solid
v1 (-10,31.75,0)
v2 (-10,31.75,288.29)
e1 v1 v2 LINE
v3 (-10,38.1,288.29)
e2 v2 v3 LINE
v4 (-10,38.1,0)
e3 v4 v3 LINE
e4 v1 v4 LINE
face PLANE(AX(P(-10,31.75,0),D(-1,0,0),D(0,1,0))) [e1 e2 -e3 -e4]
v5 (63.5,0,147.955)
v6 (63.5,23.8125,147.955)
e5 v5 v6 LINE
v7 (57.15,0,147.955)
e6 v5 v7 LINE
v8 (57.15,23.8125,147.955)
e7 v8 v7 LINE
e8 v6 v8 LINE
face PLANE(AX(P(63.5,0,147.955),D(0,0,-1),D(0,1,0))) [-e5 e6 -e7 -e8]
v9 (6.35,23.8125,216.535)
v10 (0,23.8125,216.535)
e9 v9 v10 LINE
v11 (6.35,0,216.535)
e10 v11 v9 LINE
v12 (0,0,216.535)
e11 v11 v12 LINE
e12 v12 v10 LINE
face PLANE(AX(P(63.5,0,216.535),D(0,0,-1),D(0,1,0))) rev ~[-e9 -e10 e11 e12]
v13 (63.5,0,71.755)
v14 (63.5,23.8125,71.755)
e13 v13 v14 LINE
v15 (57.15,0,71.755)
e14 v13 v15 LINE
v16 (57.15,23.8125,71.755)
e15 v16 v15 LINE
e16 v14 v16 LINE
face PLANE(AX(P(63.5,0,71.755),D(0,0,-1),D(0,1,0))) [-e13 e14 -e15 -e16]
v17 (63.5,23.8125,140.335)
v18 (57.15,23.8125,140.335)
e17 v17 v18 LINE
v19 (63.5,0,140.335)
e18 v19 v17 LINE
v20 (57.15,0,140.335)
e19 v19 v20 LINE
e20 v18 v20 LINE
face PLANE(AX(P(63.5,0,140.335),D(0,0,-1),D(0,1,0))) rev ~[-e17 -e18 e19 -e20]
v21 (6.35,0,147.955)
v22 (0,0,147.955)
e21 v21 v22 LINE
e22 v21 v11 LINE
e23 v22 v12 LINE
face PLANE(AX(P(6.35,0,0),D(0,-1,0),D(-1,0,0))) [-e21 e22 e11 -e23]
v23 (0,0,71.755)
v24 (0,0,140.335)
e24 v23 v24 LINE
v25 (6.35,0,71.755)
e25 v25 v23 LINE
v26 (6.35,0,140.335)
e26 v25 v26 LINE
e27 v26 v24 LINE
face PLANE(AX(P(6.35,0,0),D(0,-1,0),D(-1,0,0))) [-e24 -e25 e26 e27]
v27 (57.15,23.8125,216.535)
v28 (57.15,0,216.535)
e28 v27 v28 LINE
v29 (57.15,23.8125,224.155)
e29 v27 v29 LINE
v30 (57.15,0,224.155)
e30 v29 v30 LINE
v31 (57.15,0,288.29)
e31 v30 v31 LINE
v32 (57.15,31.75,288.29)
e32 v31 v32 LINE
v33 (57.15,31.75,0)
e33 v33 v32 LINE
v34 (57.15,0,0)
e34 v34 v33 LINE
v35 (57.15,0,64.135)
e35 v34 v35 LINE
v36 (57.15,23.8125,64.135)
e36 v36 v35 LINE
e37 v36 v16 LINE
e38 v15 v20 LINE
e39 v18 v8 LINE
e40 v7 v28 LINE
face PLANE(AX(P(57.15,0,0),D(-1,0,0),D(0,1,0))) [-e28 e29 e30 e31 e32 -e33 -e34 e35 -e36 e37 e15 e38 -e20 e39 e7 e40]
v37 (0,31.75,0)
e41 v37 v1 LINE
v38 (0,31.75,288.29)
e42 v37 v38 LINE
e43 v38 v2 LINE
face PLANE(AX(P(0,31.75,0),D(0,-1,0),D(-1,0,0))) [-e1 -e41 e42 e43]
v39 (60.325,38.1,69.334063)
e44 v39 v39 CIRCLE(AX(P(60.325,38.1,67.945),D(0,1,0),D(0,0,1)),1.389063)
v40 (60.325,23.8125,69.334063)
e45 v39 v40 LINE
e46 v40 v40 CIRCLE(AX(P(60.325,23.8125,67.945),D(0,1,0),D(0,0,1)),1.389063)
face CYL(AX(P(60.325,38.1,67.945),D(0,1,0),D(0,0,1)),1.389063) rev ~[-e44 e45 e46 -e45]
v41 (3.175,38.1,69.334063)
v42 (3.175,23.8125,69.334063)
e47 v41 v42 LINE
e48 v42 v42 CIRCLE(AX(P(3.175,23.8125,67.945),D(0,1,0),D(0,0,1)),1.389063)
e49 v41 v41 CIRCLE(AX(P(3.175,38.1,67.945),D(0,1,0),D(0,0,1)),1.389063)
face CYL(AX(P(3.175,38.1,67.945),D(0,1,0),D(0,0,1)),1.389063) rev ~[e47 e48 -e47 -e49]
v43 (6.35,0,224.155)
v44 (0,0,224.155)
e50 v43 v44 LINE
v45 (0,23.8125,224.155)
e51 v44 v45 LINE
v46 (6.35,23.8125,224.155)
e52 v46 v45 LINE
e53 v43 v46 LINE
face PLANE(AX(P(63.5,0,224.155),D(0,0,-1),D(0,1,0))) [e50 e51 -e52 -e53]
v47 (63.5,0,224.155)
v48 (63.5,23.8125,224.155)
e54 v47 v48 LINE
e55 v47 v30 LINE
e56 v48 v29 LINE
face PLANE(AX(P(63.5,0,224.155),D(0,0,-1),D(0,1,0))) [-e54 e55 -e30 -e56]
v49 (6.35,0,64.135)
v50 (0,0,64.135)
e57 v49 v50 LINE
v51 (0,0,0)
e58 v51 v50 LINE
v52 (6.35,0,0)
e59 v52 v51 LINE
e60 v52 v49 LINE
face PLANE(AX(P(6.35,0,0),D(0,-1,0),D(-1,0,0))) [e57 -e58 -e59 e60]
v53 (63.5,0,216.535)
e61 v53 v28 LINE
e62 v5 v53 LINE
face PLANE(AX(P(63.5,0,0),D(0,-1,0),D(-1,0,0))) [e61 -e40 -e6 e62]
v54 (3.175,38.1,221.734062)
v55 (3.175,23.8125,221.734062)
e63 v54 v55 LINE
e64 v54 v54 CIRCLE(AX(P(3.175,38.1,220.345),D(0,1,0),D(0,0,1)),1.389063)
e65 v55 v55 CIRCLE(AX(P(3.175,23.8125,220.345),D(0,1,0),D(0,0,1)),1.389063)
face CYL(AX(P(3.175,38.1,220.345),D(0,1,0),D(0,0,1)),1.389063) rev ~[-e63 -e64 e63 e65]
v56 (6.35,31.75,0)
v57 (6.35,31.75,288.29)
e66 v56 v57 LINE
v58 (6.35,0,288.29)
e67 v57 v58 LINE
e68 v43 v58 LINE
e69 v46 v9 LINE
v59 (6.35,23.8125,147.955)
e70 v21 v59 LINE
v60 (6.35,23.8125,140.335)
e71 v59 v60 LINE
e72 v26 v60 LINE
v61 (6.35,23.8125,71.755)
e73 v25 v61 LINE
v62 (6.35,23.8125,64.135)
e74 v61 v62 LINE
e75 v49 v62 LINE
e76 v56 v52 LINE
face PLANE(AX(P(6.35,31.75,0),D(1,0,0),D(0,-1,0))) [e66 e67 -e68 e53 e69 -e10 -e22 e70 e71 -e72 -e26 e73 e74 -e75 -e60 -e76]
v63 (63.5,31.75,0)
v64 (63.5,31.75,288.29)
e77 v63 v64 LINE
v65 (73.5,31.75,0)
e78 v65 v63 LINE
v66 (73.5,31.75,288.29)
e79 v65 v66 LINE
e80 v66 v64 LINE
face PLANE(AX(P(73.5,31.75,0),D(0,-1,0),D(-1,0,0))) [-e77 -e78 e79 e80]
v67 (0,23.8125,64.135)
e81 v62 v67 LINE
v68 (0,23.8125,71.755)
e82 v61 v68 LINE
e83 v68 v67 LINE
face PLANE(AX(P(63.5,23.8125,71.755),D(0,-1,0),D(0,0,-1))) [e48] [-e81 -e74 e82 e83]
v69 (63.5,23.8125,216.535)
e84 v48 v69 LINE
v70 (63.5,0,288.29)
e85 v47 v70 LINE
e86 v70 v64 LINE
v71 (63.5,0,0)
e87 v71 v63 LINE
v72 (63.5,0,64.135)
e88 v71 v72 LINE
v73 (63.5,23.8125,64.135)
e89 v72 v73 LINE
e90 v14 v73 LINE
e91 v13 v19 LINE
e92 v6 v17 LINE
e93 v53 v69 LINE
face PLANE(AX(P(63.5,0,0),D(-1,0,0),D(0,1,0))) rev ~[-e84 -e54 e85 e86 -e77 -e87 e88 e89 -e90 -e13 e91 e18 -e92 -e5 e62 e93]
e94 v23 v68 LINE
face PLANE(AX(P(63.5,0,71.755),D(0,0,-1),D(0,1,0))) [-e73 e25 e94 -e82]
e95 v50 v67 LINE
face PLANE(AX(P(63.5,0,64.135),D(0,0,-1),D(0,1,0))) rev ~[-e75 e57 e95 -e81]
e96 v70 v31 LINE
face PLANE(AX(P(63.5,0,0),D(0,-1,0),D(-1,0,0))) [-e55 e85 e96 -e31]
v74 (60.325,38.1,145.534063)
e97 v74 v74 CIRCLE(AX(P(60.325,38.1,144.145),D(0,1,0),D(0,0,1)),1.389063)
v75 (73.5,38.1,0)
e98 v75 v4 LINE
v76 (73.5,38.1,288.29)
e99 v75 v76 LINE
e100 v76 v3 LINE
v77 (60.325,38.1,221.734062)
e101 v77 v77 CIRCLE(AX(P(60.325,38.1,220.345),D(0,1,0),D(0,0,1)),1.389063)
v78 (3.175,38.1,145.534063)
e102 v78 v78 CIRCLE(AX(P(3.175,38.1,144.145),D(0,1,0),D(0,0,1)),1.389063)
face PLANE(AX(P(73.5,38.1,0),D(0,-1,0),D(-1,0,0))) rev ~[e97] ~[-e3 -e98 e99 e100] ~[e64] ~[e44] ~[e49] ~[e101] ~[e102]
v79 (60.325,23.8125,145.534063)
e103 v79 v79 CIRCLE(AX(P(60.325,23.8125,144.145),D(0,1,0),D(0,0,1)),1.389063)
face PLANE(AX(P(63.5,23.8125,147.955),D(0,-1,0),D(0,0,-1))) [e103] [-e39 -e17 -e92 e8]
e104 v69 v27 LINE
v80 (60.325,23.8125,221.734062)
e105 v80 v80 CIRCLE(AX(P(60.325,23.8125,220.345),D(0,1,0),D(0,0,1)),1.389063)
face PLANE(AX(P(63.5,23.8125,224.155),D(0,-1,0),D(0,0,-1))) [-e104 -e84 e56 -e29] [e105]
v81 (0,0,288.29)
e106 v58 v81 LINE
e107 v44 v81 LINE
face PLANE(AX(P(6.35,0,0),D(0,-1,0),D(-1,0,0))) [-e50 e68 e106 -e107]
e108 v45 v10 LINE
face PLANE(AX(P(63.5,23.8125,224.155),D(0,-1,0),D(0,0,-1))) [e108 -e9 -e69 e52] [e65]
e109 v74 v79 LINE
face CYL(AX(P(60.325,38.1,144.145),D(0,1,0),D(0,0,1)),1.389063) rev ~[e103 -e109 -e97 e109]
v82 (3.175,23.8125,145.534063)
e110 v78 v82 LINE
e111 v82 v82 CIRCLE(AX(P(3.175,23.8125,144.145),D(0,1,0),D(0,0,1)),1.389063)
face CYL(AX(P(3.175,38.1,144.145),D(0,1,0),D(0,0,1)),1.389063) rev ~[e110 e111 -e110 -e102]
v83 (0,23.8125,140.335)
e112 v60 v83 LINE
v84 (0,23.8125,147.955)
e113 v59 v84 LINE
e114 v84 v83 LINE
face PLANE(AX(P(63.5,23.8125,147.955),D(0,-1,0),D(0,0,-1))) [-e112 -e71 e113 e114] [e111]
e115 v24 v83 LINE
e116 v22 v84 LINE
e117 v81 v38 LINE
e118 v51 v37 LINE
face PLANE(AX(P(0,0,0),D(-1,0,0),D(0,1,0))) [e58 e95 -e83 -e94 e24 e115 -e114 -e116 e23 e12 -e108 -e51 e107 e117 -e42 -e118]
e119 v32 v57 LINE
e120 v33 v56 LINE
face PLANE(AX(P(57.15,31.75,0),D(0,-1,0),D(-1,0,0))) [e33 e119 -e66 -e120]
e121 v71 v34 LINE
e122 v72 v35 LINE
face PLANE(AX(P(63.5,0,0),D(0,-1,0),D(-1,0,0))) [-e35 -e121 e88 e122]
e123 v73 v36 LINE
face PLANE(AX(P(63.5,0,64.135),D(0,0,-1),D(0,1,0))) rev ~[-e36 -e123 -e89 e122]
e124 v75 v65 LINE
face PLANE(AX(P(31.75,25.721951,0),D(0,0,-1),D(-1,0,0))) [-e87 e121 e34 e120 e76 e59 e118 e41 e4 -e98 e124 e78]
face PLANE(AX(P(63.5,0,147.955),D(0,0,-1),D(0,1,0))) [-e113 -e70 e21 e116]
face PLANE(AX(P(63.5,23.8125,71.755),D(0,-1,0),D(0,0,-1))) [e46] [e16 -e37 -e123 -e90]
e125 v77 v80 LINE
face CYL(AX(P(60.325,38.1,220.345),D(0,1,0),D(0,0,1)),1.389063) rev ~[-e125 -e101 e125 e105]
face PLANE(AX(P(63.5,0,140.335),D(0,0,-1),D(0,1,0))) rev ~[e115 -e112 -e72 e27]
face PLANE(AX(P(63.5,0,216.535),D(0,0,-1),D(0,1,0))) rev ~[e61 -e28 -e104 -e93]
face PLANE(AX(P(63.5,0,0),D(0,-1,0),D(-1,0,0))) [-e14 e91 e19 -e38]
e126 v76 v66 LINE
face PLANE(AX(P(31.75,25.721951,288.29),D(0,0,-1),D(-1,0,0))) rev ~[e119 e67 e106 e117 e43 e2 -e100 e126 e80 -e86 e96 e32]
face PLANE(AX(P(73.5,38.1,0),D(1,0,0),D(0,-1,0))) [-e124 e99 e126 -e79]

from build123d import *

# Parameters (mm, degrees)
BOSS_EXTRUDE1_DEPTH = 288.29
CUT_EXTRUDE2_REACH  = 301.942
SKETCH4_W           = 7.62
SKETCH4_H           = 23.8125
LPATTERN1_COUNT     = 3
LPATTERN1_PITCH     = 76.2
SKETCH5_R           = 1.3890625
CUT_EXTRUDE3_DEPTH  = 14.2875
LPATTERN2_COUNT     = 3
LPATTERN2_PITCH     = 76.2


with BuildPart() as part:
    # Sketch1 → Boss-Extrude1 (new body)
    with BuildSketch(Plane.XY):
        Polygon((57.15, 0), (57.15, 31.75), (6.35, 31.75), (6.35, 0), (0, 0), (0, 31.75), (-10, 31.75), (-10, 38.1), (0, 38.1), (63.5, 38.1), (73.5, 38.1), (73.5, 31.75), (63.5, 31.75), (63.5, 9.525), (63.5, 0), align=None)
    extrude(amount=BOSS_EXTRUDE1_DEPTH)

    # Cut-Extrude2: up to this face of the body (flat: up to its plane)
    cut_extrude2_end = Plane(part.part.faces().sort_by_distance((0, 15.875, 144.145))[0])
    # Sketch4 → Cut-Extrude2 (cut, up to the picked face)
    with BuildSketch(Plane(origin=(63.5, 0, 0), x_dir=(0, 0, -1), z_dir=(1, 0, 0)), mode=Mode.PRIVATE) as cut_extrude2_sk1:
        with Locations((-220.345, 11.90625)):
            Rectangle(SKETCH4_W, SKETCH4_H)
    cut_extrude2_tool1 = split(extrude(cut_extrude2_sk1.sketch, amount=-CUT_EXTRUDE2_REACH, mode=Mode.PRIVATE), bisect_by=cut_extrude2_end, keep=Keep.BOTH, mode=Mode.PRIVATE)
    cut_extrude2 = cut_extrude2_tool1.solids().sort_by(Axis((63.5, 11.90625, 220.345), (-1, 0, 0)))[0]
    add(cut_extrude2, mode=Mode.SUBTRACT)

    # LPattern1: Cut-Extrude2 ×3
    with Locations(*[(0, 0, -i * LPATTERN1_PITCH) for i in range(1, LPATTERN1_COUNT)]):
        add(cut_extrude2, mode=Mode.SUBTRACT)

    # Sketch5 → Cut-Extrude3 (cut)
    with BuildSketch(Plane(origin=(0, 38.1, 0), x_dir=(1, 0, 0), z_dir=(0, 1, 0))):
        with Locations(Location((60.325, -220.345, 0), (0, 0, 270))):
            Circle(SKETCH5_R)
        with Locations(Location((3.175, -220.345, 0), (0, 0, 270))):
            Circle(SKETCH5_R)
    cut_extrude3 = extrude(amount=-CUT_EXTRUDE3_DEPTH, mode=Mode.SUBTRACT)

    # LPattern2: Cut-Extrude3 ×3
    with Locations(*[(0, 0, -i * LPATTERN2_PITCH) for i in range(1, LPATTERN2_COUNT)]):
        add(cut_extrude3, mode=Mode.SUBTRACT)


solid = part.part
